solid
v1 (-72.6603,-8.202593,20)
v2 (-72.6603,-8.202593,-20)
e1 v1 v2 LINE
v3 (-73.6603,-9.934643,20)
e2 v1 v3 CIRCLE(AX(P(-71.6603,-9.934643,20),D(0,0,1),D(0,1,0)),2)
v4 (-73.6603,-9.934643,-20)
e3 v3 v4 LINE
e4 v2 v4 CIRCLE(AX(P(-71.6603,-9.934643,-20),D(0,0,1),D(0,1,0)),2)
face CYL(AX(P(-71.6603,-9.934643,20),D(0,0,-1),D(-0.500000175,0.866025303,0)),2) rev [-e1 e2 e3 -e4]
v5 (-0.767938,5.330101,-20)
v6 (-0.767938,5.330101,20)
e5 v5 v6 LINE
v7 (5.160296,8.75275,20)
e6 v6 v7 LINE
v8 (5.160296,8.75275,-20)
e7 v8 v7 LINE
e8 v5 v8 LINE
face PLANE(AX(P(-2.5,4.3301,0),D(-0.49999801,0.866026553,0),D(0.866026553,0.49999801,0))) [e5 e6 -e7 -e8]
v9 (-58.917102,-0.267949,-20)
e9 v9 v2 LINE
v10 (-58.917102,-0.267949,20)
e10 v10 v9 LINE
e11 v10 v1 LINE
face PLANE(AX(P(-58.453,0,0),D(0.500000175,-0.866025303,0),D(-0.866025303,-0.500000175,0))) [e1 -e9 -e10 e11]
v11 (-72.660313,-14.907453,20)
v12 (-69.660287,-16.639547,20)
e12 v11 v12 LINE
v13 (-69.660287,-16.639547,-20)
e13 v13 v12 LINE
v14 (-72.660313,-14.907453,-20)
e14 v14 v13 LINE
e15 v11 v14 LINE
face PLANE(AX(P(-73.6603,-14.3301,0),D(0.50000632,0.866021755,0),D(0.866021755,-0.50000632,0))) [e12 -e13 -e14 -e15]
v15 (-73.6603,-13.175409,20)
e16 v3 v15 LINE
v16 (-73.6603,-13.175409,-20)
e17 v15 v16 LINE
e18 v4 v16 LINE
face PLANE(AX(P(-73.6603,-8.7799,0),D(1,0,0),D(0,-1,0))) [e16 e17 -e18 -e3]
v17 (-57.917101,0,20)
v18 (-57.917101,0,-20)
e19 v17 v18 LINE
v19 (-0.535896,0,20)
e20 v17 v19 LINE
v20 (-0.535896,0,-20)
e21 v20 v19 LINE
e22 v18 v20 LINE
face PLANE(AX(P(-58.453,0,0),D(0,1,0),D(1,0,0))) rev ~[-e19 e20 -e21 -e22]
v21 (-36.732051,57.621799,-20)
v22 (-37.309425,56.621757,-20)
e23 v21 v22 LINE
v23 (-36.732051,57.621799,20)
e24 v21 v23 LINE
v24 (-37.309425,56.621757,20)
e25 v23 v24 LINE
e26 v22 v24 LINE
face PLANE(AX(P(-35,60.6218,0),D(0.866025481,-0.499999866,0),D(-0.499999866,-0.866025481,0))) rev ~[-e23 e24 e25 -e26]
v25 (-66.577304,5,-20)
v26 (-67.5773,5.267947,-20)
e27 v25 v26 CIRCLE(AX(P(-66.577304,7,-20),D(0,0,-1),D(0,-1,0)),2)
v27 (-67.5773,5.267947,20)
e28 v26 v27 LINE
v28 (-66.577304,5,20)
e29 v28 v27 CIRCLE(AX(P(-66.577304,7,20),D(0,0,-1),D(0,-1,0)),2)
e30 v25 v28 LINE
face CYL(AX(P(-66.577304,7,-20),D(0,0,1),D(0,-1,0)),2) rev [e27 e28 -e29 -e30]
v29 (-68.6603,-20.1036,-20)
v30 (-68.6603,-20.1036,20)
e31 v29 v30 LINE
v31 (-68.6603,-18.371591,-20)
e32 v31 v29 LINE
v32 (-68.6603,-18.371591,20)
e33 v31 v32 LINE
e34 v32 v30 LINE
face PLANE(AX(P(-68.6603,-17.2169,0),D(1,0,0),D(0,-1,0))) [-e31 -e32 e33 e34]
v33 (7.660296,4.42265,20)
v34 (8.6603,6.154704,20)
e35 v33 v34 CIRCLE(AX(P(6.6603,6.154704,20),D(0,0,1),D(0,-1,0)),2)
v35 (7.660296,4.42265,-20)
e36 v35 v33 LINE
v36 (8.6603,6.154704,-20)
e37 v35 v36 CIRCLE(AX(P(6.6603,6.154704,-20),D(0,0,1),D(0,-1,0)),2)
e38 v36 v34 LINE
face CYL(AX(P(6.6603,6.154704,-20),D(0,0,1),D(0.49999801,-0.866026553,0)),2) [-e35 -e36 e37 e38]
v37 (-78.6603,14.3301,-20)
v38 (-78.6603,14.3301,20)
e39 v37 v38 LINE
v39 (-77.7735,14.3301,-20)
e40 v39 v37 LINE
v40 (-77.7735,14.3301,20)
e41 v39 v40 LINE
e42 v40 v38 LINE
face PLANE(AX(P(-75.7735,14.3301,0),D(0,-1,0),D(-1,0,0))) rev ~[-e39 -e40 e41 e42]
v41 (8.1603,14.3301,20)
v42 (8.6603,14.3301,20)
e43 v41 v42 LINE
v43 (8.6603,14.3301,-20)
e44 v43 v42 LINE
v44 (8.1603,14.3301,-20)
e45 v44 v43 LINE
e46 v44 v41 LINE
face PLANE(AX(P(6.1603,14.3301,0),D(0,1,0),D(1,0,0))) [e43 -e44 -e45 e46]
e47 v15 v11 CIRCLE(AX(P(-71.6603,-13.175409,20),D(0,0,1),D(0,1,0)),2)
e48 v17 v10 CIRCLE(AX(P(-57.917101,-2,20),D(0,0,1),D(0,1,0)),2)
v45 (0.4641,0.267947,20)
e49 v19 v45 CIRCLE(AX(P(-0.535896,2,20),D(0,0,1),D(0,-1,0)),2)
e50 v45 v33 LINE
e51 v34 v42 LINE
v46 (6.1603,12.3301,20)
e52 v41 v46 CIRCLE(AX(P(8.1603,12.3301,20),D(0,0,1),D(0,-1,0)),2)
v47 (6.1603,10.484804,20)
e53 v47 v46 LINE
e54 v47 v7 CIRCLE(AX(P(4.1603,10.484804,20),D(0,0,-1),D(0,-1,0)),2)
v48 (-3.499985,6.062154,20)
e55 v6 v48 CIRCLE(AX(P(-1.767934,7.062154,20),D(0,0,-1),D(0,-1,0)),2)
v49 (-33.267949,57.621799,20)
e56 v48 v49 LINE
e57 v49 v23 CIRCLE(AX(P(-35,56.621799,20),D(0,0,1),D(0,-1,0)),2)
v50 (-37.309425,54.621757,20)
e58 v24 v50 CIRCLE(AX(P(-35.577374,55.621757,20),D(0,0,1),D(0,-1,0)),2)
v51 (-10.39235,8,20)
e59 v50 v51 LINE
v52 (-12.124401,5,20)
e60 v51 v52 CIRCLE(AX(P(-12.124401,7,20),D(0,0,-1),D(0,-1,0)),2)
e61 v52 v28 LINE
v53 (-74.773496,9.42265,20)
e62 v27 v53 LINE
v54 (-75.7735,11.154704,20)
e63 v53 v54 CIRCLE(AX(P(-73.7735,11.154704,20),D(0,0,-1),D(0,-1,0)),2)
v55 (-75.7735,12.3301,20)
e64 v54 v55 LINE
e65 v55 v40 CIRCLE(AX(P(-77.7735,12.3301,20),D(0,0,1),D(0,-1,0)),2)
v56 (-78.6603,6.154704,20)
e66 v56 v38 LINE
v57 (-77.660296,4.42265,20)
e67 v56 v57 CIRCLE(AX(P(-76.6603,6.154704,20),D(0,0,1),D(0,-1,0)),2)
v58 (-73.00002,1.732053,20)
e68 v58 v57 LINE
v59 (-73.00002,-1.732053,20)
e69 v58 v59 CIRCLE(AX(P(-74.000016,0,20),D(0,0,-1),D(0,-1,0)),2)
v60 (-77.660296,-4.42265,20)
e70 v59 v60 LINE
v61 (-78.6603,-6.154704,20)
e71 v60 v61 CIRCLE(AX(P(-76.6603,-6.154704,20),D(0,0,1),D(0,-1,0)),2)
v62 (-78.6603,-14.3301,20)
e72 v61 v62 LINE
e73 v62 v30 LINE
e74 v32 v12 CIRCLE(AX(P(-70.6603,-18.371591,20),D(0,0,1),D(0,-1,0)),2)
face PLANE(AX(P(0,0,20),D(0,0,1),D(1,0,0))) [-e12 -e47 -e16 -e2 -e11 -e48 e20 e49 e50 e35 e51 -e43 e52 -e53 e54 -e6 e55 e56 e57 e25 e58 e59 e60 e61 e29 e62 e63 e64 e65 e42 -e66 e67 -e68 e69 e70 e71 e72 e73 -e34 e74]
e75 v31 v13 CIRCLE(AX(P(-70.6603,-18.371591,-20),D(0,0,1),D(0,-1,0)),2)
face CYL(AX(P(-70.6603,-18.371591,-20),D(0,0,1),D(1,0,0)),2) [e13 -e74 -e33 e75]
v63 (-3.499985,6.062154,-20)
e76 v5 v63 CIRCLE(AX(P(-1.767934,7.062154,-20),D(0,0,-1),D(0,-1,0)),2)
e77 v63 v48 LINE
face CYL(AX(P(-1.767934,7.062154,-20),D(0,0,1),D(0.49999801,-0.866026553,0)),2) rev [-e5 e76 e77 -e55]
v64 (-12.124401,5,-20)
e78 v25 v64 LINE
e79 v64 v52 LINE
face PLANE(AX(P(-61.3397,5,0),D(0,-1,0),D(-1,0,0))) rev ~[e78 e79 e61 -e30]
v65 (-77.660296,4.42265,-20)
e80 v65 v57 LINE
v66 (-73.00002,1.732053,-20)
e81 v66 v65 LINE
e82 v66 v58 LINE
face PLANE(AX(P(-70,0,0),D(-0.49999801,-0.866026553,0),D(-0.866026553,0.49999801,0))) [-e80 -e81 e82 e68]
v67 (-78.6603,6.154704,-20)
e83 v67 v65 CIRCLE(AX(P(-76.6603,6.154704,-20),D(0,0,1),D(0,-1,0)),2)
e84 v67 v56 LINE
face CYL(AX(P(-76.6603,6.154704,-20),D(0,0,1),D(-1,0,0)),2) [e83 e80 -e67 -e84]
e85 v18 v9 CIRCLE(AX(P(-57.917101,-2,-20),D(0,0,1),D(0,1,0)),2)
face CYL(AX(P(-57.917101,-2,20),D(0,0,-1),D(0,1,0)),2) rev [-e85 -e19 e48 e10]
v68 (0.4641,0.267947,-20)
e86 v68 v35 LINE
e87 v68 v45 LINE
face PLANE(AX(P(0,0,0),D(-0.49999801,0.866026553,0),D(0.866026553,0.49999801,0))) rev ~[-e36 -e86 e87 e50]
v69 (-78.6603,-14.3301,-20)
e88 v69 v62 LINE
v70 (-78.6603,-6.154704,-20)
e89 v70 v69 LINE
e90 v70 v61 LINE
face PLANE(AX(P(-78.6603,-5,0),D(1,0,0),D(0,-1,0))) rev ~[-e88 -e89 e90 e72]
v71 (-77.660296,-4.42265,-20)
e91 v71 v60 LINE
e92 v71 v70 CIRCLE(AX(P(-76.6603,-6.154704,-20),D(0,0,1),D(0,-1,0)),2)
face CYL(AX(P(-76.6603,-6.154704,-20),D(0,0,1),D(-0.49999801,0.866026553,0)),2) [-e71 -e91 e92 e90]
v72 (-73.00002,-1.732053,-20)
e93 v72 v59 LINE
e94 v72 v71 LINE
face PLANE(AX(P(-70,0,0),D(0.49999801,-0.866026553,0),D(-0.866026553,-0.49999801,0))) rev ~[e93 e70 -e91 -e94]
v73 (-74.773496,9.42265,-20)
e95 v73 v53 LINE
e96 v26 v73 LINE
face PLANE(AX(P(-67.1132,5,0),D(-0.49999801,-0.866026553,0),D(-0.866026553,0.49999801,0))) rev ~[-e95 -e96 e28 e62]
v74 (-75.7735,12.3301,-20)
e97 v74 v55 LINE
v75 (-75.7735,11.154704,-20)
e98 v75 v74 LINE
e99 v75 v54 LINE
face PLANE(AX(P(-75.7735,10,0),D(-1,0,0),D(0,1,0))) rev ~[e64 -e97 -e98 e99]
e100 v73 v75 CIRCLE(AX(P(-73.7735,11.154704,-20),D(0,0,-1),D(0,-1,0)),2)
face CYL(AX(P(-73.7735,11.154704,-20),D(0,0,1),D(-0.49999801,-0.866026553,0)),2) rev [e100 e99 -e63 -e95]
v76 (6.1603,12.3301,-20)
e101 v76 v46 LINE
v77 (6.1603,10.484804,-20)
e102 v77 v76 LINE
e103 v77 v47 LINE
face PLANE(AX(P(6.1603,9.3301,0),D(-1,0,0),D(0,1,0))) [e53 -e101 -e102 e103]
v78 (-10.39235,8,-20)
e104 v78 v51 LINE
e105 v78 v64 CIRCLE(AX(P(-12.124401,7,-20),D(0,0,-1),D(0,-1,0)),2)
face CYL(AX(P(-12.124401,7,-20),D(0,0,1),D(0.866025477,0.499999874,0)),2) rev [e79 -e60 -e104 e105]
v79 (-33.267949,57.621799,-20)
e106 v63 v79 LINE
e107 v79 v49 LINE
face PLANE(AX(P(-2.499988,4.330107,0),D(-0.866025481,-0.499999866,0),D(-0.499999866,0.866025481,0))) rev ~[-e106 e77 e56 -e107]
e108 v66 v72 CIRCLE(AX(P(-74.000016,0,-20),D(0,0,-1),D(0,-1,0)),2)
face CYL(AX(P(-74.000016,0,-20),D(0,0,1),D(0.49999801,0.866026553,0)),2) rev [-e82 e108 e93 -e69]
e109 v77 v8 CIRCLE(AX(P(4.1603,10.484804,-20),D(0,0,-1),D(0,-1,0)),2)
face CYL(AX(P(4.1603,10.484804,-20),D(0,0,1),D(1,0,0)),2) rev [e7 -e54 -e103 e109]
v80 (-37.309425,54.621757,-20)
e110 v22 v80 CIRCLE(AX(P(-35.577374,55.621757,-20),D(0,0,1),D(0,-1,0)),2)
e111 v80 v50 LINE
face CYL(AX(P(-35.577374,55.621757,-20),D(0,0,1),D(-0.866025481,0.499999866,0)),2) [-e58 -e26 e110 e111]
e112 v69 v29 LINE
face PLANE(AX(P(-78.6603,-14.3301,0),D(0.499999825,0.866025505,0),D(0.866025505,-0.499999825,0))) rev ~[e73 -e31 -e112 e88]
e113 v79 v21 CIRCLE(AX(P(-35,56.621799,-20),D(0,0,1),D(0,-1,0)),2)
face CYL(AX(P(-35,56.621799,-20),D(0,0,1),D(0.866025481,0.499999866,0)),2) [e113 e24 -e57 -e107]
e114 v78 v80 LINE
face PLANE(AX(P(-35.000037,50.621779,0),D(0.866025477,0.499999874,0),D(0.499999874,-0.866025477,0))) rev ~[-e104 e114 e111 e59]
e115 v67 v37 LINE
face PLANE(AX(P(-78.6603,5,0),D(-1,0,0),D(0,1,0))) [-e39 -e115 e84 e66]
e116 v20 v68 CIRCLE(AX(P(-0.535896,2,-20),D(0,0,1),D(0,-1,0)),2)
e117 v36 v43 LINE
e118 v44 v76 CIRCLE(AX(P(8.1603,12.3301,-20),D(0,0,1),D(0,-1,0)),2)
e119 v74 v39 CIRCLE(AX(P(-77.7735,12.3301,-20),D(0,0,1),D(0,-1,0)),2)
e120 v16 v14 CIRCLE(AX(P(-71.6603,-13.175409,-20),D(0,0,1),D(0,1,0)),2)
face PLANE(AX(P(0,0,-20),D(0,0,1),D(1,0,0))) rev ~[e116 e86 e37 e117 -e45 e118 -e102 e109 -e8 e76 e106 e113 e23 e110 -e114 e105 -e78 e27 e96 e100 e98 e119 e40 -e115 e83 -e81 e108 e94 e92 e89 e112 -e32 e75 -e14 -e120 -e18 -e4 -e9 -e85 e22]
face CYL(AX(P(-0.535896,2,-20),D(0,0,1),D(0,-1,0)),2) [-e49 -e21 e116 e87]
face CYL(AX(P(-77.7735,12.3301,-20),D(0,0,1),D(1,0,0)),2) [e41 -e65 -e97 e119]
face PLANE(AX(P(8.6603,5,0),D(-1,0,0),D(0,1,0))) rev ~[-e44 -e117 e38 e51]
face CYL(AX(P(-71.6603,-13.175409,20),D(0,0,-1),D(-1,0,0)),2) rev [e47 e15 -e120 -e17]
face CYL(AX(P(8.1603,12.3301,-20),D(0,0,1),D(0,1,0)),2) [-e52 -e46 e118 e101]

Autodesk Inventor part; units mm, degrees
ref_plane "YZ Plane" through (0, 0, 0) normal (1, 0, 0) x (0, 1, 0)
ref_plane "XZ Plane" through (0, 0, 0) normal (0, 1, 0) x (-1, 0, 0)
ref_plane "XY Plane" through (0, 0, 0) normal (0, 0, 1) x (1, 0, 0)
sketch "스케치1" plane through (0, 0, 0) normal (0, 0, 1) x (1, 0, 0)
  line L0 (0, 0) -> (-35, 60.6218)
  line L1 (-35, 60.6218) -> (-70, 0)
  line L2 (-70, 0) -> (0, 0)
  line L3 (-61.3397, 5) -> (-35, 50.6218)
  line L4 (-37.8868, 55.6218) -> (-8.6603, 5)
  line L5 (-8.6603, 5) -> (-67.1132, 5)
  line L6 (0, 0) -> (8.6603, 5)
  line L7 (-2.5, 4.3301) -> (6.1603, 9.3301)
  line L8 (6.1603, 9.3301) -> (8.6603, 5)
  line L9 (6.1603, 9.3301) -> (6.1603, 14.3301)
  line L10 (6.1603, 14.3301) -> (8.6603, 14.3301)
  line L11 (8.6603, 5) -> (8.6603, 14.3301)
  line L12 (-35, 60.6218) -> (-35, 0) construction
  line L13 (-70, 0) -> (-78.6603, 5)
  line L14 (-75.7735, 10) -> (-78.6603, 5)
  line L15 (-75.7735, 14.3301) -> (-78.6603, 14.3301)
  line L16 (-78.6603, 5) -> (-78.6603, 14.3301)
  line L17 (-67.1132, 5) -> (-75.7735, 10)
  line L18 (-75.7735, 10) -> (-75.7735, 14.3301)
  line L19 (-70, 0) -> (-78.6603, -5)
  line L20 (-75.7735, -10) -> (-78.6603, -5)
  line L21 (-78.6603, -5) -> (-78.6603, -14.3301)
  line L22 (-73.6603, -14.3301) -> (-78.6603, -14.3301)
  line L23 (-58.453, 0) -> (-75.7735, -10)
  line L24 (-73.6603, -8.7799) -> (-73.6603, -14.3301)
  line L25 (-73.6603, -14.3301) -> (-68.6603, -17.2169)
  line L26 (-68.6603, -17.2169) -> (-68.6603, -20.1036)
  line L27 (-78.6603, -14.3301) -> (-68.6603, -20.1036)
  point P0 (-76.1603, 9.3301)
  point P1 (-76.1603, 14.3301)
  point P2 (-67.1132, -5)
  point P3 (-76.1603, -9.3301)
  point P4 (-76.1603, -14.3301)
  point P5 (-75.7735, -14.3301)
  dimension "d0" = 60
  dimension "d1" = 60
  dimension "d2" = 70
  dimension "d3" = 5
  dimension "d6" = 90
  dimension "d7" = 5
  dimension "d8" = 10
  dimension "d9" = 5
  dimension "d11" = 5
  dimension "d12" = 120
  dimension "d13" = 5
extrude "돌출1" add sketch "스케치1" along normal mid plane 40 contours L2 L1 L5 L4 L0 | L0 L7 L8 L6 | L23 L20 L19 L2 | L8 L9 L10 L11 | L13 L14 L17 L1 | L24 L22 L21 L20 L23 | L16 L15 L18 L14 | L25 L26 L27 L22
fillet "모깎기1" radius 2 18 edges at (-75.7735, 10, 0) (-67.1132, 5, 0) (-2.5, 4.3301, 0) (-8.6603, 5, 0) (6.1603, 9.3301, 0) (-37.8868, 55.6218, 0) (-35, 60.6218, 0) (-75.7735, 14.3301, 0) (6.1603, 14.3301, 0) (-78.6603, 5, 0) (-70, 0, 0) (0, 0, 0) (8.6603, 5, 0) (-78.6603, -5, 0) (-58.453, 0, 0) (-73.6603, -8.7799, 0) (-73.6603, -14.3301, 0) (-68.6603, -17.2169, 0)
